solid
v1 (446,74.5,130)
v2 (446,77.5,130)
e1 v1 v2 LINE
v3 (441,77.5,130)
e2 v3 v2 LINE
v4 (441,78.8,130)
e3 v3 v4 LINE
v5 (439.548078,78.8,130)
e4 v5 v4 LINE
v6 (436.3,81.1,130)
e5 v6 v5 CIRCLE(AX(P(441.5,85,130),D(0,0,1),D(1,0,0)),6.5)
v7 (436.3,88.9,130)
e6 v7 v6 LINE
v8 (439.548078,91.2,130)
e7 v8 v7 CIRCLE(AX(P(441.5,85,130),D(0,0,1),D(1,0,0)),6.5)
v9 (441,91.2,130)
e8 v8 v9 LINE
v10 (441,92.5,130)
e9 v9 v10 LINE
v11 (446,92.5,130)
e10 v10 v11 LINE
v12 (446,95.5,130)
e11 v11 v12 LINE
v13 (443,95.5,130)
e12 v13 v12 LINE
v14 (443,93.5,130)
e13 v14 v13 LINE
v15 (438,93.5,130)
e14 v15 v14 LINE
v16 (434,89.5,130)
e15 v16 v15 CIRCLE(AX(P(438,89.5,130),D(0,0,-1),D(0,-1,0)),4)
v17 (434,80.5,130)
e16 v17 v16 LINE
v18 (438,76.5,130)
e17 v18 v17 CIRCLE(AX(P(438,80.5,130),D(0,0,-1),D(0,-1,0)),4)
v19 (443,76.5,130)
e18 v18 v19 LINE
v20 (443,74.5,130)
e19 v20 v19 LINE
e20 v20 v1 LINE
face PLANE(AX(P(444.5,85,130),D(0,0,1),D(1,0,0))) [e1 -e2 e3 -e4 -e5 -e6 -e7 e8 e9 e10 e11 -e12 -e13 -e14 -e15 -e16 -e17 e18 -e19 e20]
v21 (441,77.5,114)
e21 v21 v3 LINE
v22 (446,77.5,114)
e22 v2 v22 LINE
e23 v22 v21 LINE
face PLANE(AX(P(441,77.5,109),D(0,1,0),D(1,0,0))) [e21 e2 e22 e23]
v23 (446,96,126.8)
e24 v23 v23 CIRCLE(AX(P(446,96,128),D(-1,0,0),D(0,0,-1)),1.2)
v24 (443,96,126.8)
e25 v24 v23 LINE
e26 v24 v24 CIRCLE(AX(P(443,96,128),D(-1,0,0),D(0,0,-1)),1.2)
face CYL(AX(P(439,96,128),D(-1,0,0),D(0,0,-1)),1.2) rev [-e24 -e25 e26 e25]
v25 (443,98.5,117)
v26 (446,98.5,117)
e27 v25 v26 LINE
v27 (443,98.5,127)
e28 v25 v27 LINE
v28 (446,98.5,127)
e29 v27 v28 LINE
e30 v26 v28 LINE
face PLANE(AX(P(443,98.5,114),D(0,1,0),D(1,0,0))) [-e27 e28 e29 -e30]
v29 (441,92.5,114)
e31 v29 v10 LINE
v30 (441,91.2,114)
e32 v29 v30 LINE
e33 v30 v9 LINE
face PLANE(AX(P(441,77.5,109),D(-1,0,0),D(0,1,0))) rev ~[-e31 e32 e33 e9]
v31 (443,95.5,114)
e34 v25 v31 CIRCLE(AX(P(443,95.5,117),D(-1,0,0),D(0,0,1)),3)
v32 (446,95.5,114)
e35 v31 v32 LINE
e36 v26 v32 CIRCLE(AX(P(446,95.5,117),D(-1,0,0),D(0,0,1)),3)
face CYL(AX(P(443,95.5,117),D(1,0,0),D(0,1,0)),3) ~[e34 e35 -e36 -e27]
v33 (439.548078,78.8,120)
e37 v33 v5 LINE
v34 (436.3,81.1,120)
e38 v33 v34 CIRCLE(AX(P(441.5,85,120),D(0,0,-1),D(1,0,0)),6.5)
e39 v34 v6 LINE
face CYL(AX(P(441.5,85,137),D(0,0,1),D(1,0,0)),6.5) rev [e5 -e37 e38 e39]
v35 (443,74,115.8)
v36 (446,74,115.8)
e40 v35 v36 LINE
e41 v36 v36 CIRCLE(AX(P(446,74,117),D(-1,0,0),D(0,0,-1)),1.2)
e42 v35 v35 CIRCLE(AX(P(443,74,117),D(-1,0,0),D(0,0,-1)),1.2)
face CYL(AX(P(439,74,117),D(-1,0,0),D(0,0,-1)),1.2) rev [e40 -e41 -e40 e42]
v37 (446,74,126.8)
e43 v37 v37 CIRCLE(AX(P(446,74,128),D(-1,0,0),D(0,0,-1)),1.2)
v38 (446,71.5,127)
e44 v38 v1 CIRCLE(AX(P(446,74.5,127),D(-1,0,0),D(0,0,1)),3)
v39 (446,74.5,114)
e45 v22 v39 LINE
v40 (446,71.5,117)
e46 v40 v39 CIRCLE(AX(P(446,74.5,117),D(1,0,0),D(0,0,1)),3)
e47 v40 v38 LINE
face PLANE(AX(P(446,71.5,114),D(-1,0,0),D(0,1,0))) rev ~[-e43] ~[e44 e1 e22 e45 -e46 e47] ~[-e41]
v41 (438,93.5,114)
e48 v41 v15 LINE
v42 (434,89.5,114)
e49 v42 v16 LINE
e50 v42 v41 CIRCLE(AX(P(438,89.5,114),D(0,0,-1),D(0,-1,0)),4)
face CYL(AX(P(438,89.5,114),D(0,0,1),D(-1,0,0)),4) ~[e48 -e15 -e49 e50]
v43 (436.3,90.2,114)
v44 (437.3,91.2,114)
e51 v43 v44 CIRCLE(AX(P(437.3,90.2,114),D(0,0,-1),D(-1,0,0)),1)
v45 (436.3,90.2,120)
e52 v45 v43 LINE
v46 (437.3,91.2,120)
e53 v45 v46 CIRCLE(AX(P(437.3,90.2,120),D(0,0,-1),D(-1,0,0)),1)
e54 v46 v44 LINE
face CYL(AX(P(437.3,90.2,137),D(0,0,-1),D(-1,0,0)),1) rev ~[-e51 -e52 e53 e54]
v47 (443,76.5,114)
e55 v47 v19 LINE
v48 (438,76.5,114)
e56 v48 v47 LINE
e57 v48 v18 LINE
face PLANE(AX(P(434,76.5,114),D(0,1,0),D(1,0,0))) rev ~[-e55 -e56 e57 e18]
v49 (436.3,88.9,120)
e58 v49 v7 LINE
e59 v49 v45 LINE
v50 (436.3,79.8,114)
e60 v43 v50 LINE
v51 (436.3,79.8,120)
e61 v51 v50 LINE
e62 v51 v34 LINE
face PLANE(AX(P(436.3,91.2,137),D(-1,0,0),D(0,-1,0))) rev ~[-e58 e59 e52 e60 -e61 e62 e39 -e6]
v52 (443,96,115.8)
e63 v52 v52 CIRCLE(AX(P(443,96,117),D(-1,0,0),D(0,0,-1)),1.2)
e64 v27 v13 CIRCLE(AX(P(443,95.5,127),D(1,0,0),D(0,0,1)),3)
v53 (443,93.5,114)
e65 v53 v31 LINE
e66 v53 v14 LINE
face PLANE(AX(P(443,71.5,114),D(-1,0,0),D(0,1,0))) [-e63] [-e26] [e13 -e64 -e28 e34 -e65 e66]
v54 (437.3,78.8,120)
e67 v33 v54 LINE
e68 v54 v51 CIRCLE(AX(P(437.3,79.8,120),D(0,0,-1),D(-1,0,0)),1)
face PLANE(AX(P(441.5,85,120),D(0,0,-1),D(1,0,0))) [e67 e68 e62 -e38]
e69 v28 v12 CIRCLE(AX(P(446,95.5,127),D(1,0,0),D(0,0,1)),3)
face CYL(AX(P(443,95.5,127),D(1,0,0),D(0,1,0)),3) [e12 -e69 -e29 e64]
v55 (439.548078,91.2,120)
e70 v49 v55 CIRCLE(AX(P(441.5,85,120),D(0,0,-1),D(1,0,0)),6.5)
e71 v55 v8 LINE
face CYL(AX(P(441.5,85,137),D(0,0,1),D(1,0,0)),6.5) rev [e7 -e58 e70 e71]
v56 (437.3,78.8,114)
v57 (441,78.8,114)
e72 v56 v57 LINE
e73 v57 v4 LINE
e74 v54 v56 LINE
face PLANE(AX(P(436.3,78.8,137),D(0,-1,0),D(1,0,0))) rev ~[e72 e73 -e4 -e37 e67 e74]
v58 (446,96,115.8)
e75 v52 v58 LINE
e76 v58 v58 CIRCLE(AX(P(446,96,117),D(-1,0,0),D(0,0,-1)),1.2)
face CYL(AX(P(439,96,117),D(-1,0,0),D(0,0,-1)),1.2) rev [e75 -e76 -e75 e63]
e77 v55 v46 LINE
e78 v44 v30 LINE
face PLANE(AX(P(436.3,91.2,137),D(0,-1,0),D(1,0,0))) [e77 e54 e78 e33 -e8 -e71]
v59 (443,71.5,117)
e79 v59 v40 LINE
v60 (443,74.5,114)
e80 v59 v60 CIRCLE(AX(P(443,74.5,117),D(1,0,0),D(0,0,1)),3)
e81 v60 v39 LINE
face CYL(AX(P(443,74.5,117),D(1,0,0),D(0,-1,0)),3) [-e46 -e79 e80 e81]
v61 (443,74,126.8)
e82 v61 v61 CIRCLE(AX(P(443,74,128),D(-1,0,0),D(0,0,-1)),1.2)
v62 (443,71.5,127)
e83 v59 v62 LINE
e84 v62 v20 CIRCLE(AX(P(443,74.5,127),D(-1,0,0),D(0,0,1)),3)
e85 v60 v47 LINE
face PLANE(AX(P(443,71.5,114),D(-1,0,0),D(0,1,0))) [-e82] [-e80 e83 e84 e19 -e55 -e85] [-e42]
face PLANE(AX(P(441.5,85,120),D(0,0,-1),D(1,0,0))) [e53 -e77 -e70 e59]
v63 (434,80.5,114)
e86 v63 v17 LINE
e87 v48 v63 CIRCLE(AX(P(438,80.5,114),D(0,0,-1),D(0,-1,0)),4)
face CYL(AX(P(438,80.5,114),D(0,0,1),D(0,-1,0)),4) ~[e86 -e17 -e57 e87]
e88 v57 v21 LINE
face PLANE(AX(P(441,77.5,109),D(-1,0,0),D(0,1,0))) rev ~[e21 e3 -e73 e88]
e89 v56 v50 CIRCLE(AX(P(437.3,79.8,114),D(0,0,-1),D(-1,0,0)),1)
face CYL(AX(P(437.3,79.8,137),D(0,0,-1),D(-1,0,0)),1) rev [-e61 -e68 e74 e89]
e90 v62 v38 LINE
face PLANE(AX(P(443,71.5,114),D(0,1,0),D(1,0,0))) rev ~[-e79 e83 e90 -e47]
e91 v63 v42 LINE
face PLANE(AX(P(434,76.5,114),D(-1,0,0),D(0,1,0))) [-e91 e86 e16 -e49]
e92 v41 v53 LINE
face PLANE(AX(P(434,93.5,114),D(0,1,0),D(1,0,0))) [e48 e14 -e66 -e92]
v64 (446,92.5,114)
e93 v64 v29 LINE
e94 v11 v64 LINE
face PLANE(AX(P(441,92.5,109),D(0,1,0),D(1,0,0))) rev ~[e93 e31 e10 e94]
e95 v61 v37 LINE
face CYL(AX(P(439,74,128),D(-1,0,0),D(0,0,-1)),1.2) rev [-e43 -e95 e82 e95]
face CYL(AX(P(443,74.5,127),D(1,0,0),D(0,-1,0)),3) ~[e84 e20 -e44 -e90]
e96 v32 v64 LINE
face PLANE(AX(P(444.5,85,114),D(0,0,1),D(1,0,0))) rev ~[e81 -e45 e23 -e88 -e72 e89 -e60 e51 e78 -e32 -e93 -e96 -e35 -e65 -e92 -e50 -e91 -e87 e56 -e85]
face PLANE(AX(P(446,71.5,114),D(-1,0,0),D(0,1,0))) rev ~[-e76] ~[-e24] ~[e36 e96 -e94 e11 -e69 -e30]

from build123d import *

# Parameters (mm, degrees)
CYLINDER1313_R            = 1.2
CYLINDER1313_DEPTH        = 11
CYLINDER1314_R            = 1.2
CYLINDER1314_DEPTH        = 11
CYLINDER1223_R            = 1.2
CYLINDER1223_DEPTH        = 11
CYLINDER1224_R            = 1.2
CYLINDER1224_DEPTH        = 11
BOX517_W                  = 10.4
BOX517_H                  = 12.4
BOX517_DEPTH              = 27
FILLET401_R               = 1
CYLINDER1219_R            = 8
CYLINDER1219_DEPTH        = 27
CYLINDER1221_R            = 6.5
CYLINDER1221_DEPTH        = 17
CYLINDER1220_R            = 8
CYLINDER1220_DEPTH        = 17
CYLINDER1222_R            = 8
CYLINDER1222_DEPTH        = 27
CUT014265_PLACEMENT_ANGLE = 180
BOX515_W                  = 6
BOX515_H                  = 15
BOX515_DEPTH              = 21
BOX516_W                  = 3
BOX516_H                  = 27
BOX516_DEPTH              = 16
BOX518_W                  = 12
BOX518_H                  = 17
BOX518_DEPTH              = 16
FILLET406_R               = 3
FILLET407_R               = 4


with BuildPart() as cylinder1313:
    # Cylinder1313 → Cylinder1313 (new body)
    with BuildSketch(Plane(origin=(439, 96, 121), x_dir=(0, 0, -1), z_dir=(1, 0, 0))):
        Circle(CYLINDER1313_R)
    extrude(amount=CYLINDER1313_DEPTH)


with BuildPart() as fusion248002050188:
    # Cylinder1314 → Cylinder1314 (new body)
    with BuildSketch(Plane(origin=(439, 74, 121), x_dir=(0, 0, -1), z_dir=(1, 0, 0))):
        Circle(CYLINDER1314_R)
    extrude(amount=CYLINDER1314_DEPTH)

    # Fusion248002050188: union Cylinder1313
    add(cylinder1313.part)


with BuildPart() as fusion248002050188_1:
    # Fusion248002050188 placement: moved
    add(fusion248002050188.part.moved(Location((0, 0, 7))))


with BuildPart() as cylinder1223:
    # Cylinder1223 → Cylinder1223 (new body)
    with BuildSketch(Plane(origin=(439, 96, 121), x_dir=(0, 0, -1), z_dir=(1, 0, 0))):
        Circle(CYLINDER1223_R)
    extrude(amount=CYLINDER1223_DEPTH)


with BuildPart() as fusion248002050134:
    # Cylinder1224 → Cylinder1224 (new body)
    with BuildSketch(Plane(origin=(439, 74, 121), x_dir=(0, 0, -1), z_dir=(1, 0, 0))):
        Circle(CYLINDER1224_R)
    extrude(amount=CYLINDER1224_DEPTH)

    # Fusion248002050134: union Cylinder1223
    add(cylinder1223.part)


with BuildPart() as fusion248002050134_1:
    # Fusion248002050134 placement: moved
    add(fusion248002050134.part.moved(Location((0, 0, -4))))


with BuildPart() as fillet401:
    # Box517 → Box517 (new body)
    with BuildSketch(Plane(origin=(-5.2, -6.2, 0), x_dir=(1, 0, 0), z_dir=(0, 0, 1))):
        with Locations((5.2, 6.2)):
            Rectangle(BOX517_W, BOX517_H)
    extrude(amount=BOX517_DEPTH)

    # Fillet401
    fillet401_edges = [fillet401.edges().sort_by_distance(p)[0] for p in [
        (-5.2, -6.2, 13.5),
        (-5.2, 6.2, 13.5),
        (5.2, -6.2, 13.5),
        (5.2, 6.2, 13.5),
    ]]
    fillet(fillet401_edges, radius=FILLET401_R)


with BuildPart() as cut014264:
    # Cylinder1219 → Cylinder1219 (new body)
    with BuildSketch(Plane.XY):
        Circle(CYLINDER1219_R)
    extrude(amount=CYLINDER1219_DEPTH)

    # Cut014264: cut Fillet401
    add(fillet401.part, mode=Mode.SUBTRACT)


with BuildPart() as cylinder1425:
    # Cylinder1221 → Cylinder1221 (new body)
    with BuildSketch(Plane.XY):
        Circle(CYLINDER1221_R)
    extrude(amount=CYLINDER1221_DEPTH)


with BuildPart() as fusion248002050131:
    # Cylinder1220 → Cylinder1220 (new body)
    with BuildSketch(Plane.XY):
        Circle(CYLINDER1220_R)
    extrude(amount=CYLINDER1220_DEPTH)

    # Cut014263: cut Cylinder1425
    add(cylinder1425.part, mode=Mode.SUBTRACT)

    # Fusion248002050131: union Cut014264
    add(cut014264.part)


with BuildPart() as bucket_opening_motor002:
    # Cylinder1222 → Cylinder1222 (new body)
    with BuildSketch(Plane.XY):
        Circle(CYLINDER1222_R)
    extrude(amount=CYLINDER1222_DEPTH)

    # Cut014265: cut Fusion248002050131
    add(fusion248002050131.part, mode=Mode.SUBTRACT)


with BuildPart() as bucket_opening_motor002_1:
    # Cut014265 placement: moved
    add(bucket_opening_motor002.part.moved(Location((441.5, 85, 137))).rotate(Axis((441.5, 85, 137), (1, 0, 0)), CUT014265_PLACEMENT_ANGLE))


with BuildPart() as fusion248002050132:
    # Box515 → Box515 (new body)
    with BuildSketch(Plane(origin=(441, 77.5, 109), x_dir=(1, 0, 0), z_dir=(0, 0, 1))):
        with Locations((3, 7.5)):
            Rectangle(BOX515_W, BOX515_H)
    extrude(amount=BOX515_DEPTH)

    # Fusion248002050132: union bucket-opening-motor002
    add(bucket_opening_motor002_1.part)


with BuildPart() as cube742:
    # Box516 → Box516 (new body)
    with BuildSketch(Plane(origin=(443, 71.5, 114), x_dir=(1, 0, 0), z_dir=(0, 0, 1))):
        with Locations((1.5, 13.5)):
            Rectangle(BOX516_W, BOX516_H)
    extrude(amount=BOX516_DEPTH)


with BuildPart() as bucket_opening_motor_holder:
    # Box518 → Box518 (new body)
    with BuildSketch(Plane(origin=(434, 76.5, 114), x_dir=(1, 0, 0), z_dir=(0, 0, 1))):
        with Locations((6, 8.5)):
            Rectangle(BOX518_W, BOX518_H)
    extrude(amount=BOX518_DEPTH)

    # Fusion248002050162: union Cube742
    add(cube742.part)

    # Fillet406
    fillet406_edges = [bucket_opening_motor_holder.edges().sort_by_distance(p)[0] for p in [
        (444.5, 71.5, 114),
        (444.5, 71.5, 130),
        (444.5, 98.5, 114),
        (444.5, 98.5, 130),
    ]]
    fillet(fillet406_edges, radius=FILLET406_R)

    # Fillet407
    fillet407_edges = [bucket_opening_motor_holder.edges().sort_by_distance(p)[0] for p in [
        (434, 76.5, 122),
        (434, 93.5, 122),
    ]]
    fillet(fillet407_edges, radius=FILLET407_R)

    # Cut014290: cut Fusion248002050132
    add(fusion248002050132.part, mode=Mode.SUBTRACT)

    # Cut014291: cut Fusion248002050134
    add(fusion248002050134_1.part, mode=Mode.SUBTRACT)

    # Cut014317: cut Fusion248002050188
    add(fusion248002050188_1.part, mode=Mode.SUBTRACT)


solid = bucket_opening_motor_holder.part
